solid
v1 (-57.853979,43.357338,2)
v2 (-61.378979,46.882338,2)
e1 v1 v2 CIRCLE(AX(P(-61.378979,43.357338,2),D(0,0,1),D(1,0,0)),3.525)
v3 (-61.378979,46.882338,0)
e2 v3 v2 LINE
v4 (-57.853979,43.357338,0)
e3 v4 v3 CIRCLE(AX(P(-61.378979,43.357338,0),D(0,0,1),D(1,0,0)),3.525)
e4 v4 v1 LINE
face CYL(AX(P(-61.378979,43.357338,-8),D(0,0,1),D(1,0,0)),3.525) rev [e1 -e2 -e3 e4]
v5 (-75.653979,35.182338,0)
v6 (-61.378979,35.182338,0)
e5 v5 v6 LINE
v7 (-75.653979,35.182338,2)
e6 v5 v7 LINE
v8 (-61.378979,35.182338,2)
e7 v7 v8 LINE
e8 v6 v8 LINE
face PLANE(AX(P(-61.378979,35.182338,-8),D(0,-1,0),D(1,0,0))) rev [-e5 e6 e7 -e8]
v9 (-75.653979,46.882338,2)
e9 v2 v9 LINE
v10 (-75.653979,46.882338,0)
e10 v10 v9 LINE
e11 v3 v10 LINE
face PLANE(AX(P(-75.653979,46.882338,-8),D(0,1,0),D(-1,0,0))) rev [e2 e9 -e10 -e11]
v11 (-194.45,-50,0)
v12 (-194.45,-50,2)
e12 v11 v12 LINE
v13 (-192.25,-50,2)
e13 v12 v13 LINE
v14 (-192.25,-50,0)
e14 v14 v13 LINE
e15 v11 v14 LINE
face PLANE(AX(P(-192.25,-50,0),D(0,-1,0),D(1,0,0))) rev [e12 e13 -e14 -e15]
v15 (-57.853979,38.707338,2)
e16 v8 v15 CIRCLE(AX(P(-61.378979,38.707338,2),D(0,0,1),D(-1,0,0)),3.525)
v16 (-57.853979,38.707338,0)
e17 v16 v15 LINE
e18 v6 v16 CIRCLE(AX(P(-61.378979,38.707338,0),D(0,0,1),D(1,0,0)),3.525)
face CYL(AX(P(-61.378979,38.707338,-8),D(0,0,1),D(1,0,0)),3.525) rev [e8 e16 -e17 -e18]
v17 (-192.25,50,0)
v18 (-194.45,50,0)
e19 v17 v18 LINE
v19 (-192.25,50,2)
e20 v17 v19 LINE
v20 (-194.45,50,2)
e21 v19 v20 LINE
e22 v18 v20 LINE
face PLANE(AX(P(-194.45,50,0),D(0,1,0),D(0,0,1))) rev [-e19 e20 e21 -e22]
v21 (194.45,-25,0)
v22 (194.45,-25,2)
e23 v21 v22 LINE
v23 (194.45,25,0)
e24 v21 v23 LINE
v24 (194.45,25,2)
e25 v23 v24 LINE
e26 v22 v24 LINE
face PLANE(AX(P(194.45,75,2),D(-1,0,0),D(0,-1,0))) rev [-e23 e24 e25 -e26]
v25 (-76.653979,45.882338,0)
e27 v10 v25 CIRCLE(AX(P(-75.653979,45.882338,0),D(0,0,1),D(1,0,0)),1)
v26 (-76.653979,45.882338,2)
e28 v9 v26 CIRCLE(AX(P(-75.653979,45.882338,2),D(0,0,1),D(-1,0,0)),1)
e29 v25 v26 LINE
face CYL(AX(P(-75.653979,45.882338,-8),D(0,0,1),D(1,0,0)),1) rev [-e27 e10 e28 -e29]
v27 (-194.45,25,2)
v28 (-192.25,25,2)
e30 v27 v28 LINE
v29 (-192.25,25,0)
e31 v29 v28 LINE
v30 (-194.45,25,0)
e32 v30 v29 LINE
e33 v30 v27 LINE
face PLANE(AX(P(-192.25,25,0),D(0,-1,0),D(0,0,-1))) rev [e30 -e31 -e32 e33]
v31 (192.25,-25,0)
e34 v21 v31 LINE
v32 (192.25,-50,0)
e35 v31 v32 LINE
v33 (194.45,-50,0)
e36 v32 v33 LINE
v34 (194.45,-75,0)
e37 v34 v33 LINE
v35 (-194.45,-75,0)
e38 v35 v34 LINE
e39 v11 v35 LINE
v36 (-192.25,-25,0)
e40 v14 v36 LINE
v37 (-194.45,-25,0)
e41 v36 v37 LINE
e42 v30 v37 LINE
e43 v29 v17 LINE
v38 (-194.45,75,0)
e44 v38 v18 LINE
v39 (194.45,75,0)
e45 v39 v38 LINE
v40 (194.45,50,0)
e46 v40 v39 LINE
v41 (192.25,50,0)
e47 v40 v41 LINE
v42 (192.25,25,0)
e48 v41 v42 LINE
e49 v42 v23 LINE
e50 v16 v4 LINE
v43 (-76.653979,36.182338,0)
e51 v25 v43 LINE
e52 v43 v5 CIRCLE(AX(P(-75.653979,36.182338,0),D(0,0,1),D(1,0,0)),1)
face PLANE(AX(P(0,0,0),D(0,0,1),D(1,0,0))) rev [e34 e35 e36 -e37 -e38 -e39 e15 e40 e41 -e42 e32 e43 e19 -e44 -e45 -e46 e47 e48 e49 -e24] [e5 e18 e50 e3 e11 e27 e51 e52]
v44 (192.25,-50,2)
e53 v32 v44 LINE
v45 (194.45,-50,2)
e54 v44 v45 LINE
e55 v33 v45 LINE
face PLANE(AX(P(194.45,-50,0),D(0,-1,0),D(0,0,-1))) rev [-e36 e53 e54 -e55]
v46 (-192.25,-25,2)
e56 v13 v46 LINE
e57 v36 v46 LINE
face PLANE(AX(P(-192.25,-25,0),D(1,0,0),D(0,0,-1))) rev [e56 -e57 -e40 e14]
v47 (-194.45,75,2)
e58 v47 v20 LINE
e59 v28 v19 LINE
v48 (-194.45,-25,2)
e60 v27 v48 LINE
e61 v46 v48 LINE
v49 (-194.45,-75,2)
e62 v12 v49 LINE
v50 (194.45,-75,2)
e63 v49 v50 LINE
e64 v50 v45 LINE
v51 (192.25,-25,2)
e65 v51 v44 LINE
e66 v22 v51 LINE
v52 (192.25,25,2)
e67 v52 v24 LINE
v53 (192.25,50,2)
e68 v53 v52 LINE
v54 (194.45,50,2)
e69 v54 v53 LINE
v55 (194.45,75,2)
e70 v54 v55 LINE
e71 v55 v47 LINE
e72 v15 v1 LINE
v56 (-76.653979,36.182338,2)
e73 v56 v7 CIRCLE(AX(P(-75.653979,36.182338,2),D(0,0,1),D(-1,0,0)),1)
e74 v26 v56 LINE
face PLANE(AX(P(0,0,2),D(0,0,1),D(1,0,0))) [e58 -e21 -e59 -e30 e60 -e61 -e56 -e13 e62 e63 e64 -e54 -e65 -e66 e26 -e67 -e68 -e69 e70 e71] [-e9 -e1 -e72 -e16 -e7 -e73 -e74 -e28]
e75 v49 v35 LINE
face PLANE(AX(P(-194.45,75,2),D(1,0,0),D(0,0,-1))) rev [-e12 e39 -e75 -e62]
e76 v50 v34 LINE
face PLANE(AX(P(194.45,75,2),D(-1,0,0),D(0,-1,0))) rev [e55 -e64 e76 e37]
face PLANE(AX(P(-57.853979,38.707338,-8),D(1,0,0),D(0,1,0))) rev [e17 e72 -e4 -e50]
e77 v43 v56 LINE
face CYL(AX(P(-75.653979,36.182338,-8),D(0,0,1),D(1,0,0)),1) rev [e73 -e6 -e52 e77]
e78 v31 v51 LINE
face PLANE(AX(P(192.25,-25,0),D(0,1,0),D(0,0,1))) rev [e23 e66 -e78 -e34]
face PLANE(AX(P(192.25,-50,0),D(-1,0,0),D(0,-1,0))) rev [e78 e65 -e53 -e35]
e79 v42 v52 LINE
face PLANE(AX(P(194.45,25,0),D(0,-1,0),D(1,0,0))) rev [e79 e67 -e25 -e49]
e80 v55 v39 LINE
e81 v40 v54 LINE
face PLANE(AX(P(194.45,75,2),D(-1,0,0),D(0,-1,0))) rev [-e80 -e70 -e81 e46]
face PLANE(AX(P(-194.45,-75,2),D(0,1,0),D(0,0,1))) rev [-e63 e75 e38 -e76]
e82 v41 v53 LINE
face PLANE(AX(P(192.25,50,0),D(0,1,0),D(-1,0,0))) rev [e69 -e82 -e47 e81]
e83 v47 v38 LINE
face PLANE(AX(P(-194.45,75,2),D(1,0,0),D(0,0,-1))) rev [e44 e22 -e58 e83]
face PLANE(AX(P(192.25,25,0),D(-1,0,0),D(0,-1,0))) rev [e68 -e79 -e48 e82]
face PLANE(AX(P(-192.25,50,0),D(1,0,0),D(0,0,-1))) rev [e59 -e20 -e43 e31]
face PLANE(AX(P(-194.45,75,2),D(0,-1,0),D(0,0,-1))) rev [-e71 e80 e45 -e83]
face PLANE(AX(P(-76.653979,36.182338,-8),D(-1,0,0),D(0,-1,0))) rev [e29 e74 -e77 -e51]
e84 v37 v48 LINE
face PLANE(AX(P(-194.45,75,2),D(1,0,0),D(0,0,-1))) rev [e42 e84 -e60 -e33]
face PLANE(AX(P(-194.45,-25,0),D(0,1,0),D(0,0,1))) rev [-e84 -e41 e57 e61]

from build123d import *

# Parameters (mm, degrees)
SKETCH1_W           = 388.9
SKETCH1_H           = 150
BOSS_EXTRUDE1_DEPTH = 2
CUT_EXTRUDE1_DEPTH  = 2
CUT_EXTRUDE2_DEPTH  = 10


with BuildPart() as part:
    # Sketch1 → Boss-Extrude1 (new body)
    with BuildSketch(Plane.XY):
        Rectangle(SKETCH1_W, SKETCH1_H)
    extrude(amount=BOSS_EXTRUDE1_DEPTH)

    # Sketch2 → Cut-Extrude1 (cut)
    with BuildSketch(Plane.XY.offset(2)):
        Polygon((-194.45, 75), (-194.45, 50), (-192.25, 50), (-192.25, 25), (-194.45, 25), (-194.45, -25), (-192.25, -25), (-192.25, -50), (-194.45, -50), (-194.45, -75), (-200.131659393, -75), (-200.131659393, 75), align=None)
        Polygon((194.45, -75), (194.45, -50), (192.25, -50), (192.25, -25), (194.45, -25), (194.45, 25), (192.25, 25), (192.25, 50), (194.45, 50), (194.45, 75), (200.131659393, 75), (200.131659393, -75), align=None)
    extrude(amount=-CUT_EXTRUDE1_DEPTH, mode=Mode.SUBTRACT)

    # Sketch3 → Cut-Extrude2 (cut)
    with BuildSketch(Plane.XY.offset(2)):
        with BuildLine():
            Line((-61.37897888, 35.182338168), (-75.65397888, 35.182338168))
            ThreePointArc((-75.65397888, 35.182338168), (-76.361085661, 35.475231386), (-76.65397888, 36.182338168))
            Line((-76.65397888, 36.182338168), (-76.65397888, 45.882338168))
            ThreePointArc((-76.65397888, 45.882338168), (-76.361085661, 46.589444949), (-75.65397888, 46.882338168))
            Line((-75.65397888, 46.882338168), (-61.37897888, 46.882338168))
            ThreePointArc((-61.37897888, 46.882338168), (-58.886427476, 45.849889571), (-57.85397888, 43.357338168))
            Line((-57.85397888, 43.357338168), (-57.85397888, 38.707338168))
            ThreePointArc((-57.85397888, 38.707338168), (-58.886427476, 36.214786764), (-61.37897888, 35.182338168))
        make_face()
    extrude(amount=-CUT_EXTRUDE2_DEPTH, mode=Mode.SUBTRACT)


solid = part.part
